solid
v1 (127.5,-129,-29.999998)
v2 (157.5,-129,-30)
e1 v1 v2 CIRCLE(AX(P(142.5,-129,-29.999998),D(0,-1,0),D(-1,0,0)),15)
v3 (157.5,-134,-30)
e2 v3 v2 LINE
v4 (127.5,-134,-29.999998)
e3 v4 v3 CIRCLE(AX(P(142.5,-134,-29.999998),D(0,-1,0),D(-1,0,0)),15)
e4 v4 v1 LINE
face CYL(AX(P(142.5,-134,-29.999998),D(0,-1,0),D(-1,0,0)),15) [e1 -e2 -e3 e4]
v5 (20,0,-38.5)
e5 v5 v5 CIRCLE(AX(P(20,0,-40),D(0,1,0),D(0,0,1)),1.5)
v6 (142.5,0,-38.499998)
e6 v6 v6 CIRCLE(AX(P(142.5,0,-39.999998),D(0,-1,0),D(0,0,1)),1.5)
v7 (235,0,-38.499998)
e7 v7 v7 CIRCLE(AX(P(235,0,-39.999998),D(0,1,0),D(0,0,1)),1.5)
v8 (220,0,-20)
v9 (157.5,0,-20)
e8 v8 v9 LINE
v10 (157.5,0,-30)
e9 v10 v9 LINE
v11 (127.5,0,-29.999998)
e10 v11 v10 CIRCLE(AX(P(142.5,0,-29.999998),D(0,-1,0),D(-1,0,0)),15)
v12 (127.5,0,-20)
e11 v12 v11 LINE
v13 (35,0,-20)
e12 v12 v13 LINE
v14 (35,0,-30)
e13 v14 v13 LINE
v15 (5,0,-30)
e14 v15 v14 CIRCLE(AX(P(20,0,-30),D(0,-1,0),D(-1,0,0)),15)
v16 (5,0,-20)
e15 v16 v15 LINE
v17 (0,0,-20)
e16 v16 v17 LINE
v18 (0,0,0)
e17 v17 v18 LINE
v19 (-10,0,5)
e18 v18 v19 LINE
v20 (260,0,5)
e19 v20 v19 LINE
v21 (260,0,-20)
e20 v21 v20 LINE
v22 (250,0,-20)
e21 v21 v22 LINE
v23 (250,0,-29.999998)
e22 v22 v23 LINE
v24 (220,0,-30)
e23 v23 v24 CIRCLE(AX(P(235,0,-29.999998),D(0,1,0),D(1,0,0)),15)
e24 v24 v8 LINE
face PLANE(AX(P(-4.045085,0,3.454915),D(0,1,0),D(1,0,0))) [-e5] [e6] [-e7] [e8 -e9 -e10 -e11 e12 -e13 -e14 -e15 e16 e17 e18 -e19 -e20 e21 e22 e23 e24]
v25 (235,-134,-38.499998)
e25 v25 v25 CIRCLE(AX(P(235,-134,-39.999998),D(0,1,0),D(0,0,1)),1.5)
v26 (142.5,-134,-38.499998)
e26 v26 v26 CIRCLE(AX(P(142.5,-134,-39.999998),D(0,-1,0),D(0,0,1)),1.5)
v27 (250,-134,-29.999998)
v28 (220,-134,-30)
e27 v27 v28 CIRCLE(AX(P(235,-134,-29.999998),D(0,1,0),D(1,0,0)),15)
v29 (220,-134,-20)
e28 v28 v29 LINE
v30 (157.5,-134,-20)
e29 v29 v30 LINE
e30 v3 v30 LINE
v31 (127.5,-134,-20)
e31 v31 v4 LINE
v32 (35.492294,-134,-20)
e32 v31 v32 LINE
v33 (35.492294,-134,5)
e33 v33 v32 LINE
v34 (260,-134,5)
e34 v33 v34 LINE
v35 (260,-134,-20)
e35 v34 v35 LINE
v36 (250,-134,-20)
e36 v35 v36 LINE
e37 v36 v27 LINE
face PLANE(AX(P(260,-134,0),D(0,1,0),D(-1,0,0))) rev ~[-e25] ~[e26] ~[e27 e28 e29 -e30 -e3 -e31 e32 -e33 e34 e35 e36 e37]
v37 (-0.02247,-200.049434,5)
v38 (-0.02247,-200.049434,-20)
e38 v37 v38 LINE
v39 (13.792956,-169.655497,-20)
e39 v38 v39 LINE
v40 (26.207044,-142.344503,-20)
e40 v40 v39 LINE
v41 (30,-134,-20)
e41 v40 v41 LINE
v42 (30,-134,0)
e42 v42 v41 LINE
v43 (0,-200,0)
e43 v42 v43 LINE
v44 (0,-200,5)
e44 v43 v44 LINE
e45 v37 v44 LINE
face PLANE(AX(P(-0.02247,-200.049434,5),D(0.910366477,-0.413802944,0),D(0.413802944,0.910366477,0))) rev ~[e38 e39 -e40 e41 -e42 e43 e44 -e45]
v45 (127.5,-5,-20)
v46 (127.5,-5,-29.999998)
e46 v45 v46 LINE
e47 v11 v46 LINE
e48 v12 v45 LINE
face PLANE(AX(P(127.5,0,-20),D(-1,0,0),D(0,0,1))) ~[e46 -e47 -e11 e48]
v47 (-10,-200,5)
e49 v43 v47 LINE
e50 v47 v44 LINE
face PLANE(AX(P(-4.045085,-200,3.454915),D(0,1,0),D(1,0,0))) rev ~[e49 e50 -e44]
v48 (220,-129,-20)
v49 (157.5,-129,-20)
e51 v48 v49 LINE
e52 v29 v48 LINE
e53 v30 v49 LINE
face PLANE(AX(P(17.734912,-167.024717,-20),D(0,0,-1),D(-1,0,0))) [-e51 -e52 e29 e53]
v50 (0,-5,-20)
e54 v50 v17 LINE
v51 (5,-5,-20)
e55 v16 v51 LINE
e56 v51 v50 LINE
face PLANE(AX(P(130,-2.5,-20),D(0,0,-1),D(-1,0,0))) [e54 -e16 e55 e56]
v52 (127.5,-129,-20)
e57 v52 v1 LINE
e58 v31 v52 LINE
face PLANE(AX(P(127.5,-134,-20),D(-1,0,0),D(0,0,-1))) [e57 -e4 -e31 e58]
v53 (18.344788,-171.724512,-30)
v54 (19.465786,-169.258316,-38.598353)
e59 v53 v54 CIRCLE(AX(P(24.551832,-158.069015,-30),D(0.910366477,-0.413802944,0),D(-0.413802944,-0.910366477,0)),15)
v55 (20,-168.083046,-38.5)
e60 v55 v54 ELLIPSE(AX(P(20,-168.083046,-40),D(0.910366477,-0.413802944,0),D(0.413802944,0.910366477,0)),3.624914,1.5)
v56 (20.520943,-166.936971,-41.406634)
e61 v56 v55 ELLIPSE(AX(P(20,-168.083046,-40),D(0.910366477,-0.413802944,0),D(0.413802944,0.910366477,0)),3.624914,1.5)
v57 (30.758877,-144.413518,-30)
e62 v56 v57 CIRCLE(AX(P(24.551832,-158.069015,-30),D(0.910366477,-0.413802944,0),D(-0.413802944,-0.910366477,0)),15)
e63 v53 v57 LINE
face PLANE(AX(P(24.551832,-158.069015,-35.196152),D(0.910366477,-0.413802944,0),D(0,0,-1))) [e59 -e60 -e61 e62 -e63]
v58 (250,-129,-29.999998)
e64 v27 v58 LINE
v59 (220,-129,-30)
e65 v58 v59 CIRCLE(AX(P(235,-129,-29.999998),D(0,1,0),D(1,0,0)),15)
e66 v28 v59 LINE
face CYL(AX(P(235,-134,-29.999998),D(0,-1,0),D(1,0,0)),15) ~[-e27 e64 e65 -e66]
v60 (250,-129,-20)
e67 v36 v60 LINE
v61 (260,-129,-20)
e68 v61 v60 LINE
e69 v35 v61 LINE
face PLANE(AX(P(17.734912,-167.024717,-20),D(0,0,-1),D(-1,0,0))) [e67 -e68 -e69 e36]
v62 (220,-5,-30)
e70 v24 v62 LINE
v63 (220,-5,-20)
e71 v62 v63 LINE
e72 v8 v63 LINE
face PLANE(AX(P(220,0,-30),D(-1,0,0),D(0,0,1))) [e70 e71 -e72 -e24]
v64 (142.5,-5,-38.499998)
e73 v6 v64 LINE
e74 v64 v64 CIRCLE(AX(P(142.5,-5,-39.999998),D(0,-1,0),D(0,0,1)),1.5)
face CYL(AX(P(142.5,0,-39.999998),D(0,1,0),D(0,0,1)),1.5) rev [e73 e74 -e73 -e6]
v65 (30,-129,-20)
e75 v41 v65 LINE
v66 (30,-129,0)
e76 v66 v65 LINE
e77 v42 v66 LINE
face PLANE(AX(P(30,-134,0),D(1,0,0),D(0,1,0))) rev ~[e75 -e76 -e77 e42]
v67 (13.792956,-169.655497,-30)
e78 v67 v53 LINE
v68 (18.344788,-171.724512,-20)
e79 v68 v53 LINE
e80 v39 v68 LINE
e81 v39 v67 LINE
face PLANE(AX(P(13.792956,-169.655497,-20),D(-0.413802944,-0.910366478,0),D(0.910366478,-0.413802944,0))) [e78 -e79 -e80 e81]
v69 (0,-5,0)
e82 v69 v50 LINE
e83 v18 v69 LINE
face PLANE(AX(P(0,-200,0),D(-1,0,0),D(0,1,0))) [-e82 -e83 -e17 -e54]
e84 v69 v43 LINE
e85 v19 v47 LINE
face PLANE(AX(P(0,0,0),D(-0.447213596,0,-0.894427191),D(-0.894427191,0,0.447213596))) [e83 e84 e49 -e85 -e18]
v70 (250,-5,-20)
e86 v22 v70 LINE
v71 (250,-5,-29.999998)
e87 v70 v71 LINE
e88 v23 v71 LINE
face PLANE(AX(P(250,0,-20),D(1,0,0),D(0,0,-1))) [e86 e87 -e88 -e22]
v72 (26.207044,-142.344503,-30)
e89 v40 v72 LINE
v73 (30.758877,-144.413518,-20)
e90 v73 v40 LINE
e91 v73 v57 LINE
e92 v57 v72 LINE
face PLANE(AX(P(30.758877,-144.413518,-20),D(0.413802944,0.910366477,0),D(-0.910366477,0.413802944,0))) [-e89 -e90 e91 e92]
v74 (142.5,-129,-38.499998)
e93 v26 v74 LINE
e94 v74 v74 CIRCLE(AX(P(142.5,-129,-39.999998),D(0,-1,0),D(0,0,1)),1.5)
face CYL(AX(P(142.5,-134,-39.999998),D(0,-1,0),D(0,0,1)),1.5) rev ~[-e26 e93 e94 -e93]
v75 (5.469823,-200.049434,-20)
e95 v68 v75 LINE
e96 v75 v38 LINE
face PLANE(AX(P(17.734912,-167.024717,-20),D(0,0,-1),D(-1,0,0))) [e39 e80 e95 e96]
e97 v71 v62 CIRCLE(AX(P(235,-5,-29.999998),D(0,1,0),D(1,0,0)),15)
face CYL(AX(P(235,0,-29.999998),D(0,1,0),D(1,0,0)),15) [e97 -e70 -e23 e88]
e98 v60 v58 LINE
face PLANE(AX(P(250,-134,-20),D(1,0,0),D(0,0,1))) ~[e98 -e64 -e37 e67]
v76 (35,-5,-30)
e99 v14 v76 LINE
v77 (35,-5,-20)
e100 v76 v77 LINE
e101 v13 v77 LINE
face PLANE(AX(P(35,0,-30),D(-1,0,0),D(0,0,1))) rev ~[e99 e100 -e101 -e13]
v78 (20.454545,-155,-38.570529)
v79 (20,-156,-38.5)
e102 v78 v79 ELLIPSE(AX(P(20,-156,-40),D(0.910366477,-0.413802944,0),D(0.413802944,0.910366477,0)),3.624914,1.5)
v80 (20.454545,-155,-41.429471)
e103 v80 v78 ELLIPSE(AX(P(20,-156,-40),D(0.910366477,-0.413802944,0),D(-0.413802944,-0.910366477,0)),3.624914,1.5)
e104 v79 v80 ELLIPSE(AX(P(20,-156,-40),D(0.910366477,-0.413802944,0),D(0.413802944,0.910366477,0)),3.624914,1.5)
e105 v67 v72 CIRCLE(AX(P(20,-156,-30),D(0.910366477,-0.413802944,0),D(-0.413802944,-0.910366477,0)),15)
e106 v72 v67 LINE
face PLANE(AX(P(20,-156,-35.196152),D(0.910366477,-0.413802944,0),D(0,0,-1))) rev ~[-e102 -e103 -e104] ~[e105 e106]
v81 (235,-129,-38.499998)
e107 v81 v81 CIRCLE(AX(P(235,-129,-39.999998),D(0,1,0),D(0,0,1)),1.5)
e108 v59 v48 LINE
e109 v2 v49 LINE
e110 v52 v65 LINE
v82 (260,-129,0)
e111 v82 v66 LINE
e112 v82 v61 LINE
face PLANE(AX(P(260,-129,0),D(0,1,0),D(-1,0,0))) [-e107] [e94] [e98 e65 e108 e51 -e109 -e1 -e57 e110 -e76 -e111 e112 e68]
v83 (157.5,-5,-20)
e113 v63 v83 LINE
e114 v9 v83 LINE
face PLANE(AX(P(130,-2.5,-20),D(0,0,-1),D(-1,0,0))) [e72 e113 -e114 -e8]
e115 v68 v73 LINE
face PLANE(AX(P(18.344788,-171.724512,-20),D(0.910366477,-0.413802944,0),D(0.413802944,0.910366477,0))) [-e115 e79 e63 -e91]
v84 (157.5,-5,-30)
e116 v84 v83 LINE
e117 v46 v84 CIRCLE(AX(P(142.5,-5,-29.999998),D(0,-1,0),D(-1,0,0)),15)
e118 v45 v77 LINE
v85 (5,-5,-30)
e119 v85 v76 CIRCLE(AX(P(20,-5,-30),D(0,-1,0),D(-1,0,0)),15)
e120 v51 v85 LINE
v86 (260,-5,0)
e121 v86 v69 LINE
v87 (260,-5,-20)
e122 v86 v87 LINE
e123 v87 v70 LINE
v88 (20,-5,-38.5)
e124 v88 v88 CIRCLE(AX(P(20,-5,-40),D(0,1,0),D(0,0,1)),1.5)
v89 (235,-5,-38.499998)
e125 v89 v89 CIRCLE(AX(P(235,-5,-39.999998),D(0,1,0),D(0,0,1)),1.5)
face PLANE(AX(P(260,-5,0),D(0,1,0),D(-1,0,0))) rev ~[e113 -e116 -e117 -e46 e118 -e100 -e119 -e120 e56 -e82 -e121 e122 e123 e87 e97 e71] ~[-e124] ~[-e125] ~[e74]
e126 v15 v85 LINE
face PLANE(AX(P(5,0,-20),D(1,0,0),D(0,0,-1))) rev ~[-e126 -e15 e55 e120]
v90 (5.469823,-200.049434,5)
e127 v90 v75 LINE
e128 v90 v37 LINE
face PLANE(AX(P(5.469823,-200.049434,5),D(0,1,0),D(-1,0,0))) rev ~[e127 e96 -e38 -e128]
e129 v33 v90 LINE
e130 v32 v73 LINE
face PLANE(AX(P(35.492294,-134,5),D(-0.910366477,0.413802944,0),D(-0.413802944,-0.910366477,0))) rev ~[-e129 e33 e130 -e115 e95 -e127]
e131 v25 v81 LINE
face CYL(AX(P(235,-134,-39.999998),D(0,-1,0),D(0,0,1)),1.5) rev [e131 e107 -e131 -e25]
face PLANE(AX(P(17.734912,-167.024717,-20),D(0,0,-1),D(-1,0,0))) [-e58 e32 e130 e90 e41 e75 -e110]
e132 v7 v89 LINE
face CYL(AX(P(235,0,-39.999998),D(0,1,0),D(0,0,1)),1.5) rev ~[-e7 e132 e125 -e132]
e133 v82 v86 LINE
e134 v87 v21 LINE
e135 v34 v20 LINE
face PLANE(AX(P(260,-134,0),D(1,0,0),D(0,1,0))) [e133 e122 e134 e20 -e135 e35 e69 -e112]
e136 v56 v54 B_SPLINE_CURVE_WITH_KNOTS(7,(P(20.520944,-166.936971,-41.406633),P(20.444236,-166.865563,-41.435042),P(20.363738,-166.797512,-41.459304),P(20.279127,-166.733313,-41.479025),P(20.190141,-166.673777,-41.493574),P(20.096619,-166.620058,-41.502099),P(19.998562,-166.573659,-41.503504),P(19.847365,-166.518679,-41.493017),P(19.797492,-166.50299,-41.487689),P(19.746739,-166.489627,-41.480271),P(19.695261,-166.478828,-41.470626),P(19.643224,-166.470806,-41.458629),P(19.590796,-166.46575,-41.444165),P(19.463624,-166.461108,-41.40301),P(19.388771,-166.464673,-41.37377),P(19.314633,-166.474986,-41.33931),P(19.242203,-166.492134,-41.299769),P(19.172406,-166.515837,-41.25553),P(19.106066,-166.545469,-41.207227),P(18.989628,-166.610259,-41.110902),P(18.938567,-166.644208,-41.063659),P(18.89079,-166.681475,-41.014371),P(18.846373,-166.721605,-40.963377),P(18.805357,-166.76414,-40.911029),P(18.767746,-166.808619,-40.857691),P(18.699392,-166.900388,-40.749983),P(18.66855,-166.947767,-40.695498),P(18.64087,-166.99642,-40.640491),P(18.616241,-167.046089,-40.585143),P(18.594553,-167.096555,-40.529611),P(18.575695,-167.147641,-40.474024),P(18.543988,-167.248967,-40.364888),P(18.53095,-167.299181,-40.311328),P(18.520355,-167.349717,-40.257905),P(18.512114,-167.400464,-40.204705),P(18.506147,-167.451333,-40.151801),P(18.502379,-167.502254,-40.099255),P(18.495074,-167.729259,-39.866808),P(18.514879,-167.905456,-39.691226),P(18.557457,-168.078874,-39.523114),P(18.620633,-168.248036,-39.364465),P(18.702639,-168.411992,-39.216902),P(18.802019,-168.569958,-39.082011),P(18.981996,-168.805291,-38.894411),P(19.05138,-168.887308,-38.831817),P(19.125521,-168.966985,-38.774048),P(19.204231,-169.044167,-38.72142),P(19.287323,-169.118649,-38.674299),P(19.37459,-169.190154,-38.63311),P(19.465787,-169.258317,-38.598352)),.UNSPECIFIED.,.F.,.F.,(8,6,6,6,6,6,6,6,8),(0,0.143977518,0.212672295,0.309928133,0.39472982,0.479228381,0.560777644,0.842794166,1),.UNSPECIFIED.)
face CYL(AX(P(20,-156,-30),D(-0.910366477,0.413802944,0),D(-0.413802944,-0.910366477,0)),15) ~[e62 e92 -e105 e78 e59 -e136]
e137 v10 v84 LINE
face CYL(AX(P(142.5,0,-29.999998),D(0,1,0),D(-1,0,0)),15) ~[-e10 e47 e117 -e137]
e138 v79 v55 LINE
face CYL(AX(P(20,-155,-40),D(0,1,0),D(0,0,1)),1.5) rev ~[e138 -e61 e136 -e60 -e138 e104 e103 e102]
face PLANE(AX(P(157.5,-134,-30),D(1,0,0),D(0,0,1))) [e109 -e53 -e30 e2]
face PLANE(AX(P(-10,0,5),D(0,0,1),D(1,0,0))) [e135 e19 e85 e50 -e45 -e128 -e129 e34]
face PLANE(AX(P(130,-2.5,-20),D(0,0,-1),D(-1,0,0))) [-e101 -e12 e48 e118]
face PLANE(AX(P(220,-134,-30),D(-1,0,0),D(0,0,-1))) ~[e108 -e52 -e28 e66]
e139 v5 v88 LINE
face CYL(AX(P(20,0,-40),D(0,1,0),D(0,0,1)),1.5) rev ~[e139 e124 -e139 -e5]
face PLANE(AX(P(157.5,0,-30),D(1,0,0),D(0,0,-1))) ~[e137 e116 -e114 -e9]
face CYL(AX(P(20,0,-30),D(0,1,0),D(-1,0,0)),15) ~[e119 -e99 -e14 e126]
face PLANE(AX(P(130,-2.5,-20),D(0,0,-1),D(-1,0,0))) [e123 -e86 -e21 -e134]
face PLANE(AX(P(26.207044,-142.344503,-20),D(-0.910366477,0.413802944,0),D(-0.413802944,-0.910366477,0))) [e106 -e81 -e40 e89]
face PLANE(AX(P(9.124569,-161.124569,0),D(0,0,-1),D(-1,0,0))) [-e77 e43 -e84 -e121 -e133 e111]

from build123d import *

# Parameters (mm, degrees)
SKETCH1_W                                  = 260
SKETCH1_H                                  = 134
BOSS_EXTRUDE1_DEPTH                        = 5
SKETCH2_W                                  = 260
SKETCH2_H                                  = 5
BOSS_EXTRUDE2_DEPTH                        = 20
SKETCH4_W                                  = 230
SKETCH4_H                                  = 5
BOSS_EXTRUDE3_DEPTH                        = 20
BOSS_EXTRUDE4_DEPTH                        = 5
SKETCH7_R                                  = 1.5
CUT_EXTRUDE1_DEPTH                         = 5
BOSS_EXTRUDE5_DEPTH                        = 5
BOSS_EXTRUDE9_DEPTH                        = 25
BOSS_EXTRUDE10_DEPTH                       = 200
BOSS_EXTRUDE11_DEPTH                       = 5
SKETCH14_R                                 = 1.5
CUT_EXTRUDE2_DEPTH                         = 5
BOSS_EXTRUDE12_DEPTH                       = 10
BOSS_EXTRUDE13_DEPTH                       = 5
SKETCH19_R                                 = 1.5
CUT_EXTRUDE4_DEPTH                         = 307.022874962
CUT_EXTRUDE4_DEPTH_BACK                    = 307.022874962
MIRROR4_AT_THE_SECOND_PLANE_COPY_1_DEPTH   = 5
MIRROR4_AT_THE_SECOND_PLANE_COPY_2_SKETC_R = 1.5
MIRROR4_AT_THE_SECOND_PLANE_COPY_2_DEPTH   = 5


with BuildPart() as part:
    # Sketch1 → Boss-Extrude1 (new body)
    with BuildSketch(Plane.XY):
        with Locations((130, -67)):
            Rectangle(SKETCH1_W, SKETCH1_H)
    extrude(amount=BOSS_EXTRUDE1_DEPTH)

    # Sketch2 → Boss-Extrude2 (add)
    with BuildSketch(Plane(origin=(0, 0, 0), x_dir=(-1, 0, 0), z_dir=(0, 0, -1))):
        with Locations((-130, -2.5)):
            Rectangle(SKETCH2_W, SKETCH2_H)
    extrude(amount=BOSS_EXTRUDE2_DEPTH)

    # Sketch4 → Boss-Extrude3 (add)
    with BuildSketch(Plane(origin=(0, 0, 0), x_dir=(-1, 0, 0), z_dir=(0, 0, -1))):
        with Locations((-145, -131.5)):
            Rectangle(SKETCH4_W, SKETCH4_H)
    extrude(amount=BOSS_EXTRUDE3_DEPTH)

    # Sketch6 → Boss-Extrude4 (add)
    with BuildSketch(Plane(origin=(0, 0, 0), x_dir=(1, 0, 0), z_dir=(0, 1, 0))):
        with BuildLine():
            Line((5, 20), (5, 30))
            ThreePointArc((5, 30), (20, 45), (35, 30))
            Line((35, 30), (35, 20))
            Line((35, 20), (5, 20))
        make_face()
    extrude(amount=-BOSS_EXTRUDE4_DEPTH)

    # Sketch7 → Cut-Extrude1 (cut)
    with BuildSketch(Plane(origin=(0, 0, 0), x_dir=(1, 0, 0), z_dir=(0, 1, 0))):
        with Locations(Location((20, 40, 0), (0, 0, 270))):
            Circle(SKETCH7_R)
    extrude(amount=-CUT_EXTRUDE1_DEPTH, mode=Mode.SUBTRACT)

    # Sketch8 → Boss-Extrude5 (add)
    with BuildSketch(Plane(origin=(0, 0, 0), x_dir=(-1, 0, 0), z_dir=(0, 0, -1))):
        Polygon((-30, -134), (0, -200), (0, -134), align=None)
    extrude(amount=-BOSS_EXTRUDE5_DEPTH)

    # Sketch10 → Boss-Extrude9 (add)
    with BuildSketch(Plane.XY.offset(5)):
        Polygon((30, -134), (35.492293624, -134), (5.469823482, -200.049434314), (-0.022470143, -200.049434314), align=None)
    extrude(amount=-BOSS_EXTRUDE9_DEPTH)

    # Sketch11 → Boss-Extrude10 (add)
    with BuildSketch(Plane(origin=(0, 0, 0), x_dir=(1, 0, 0), z_dir=(0, 1, 0))):
        Polygon((0, 0), (-10, -5), (0, -5), align=None)
    extrude(amount=-BOSS_EXTRUDE10_DEPTH)

    # Sketch13 → Boss-Extrude11 (add)
    with BuildSketch(Plane(origin=(0, 0, 0), x_dir=(1, 0, 0), z_dir=(0, 1, 0))):
        with BuildLine():
            Line((220, 30), (220, 20))
            Line((220, 20), (250, 20))
            Line((250, 20), (250, 29.999997567))
            ThreePointArc((250, 29.999997567), (235.000001217, 44.999997567), (220, 30))
        make_face()
    boss_extrude11 = extrude(amount=-BOSS_EXTRUDE11_DEPTH)

    # Sketch14 → Cut-Extrude2 (cut)
    with BuildSketch(Plane(origin=(0, 0, 0), x_dir=(1, 0, 0), z_dir=(0, 1, 0))):
        with Locations(Location((235, 39.999997567, 0), (0, 0, 270))):
            Circle(SKETCH14_R)
    cut_extrude2 = extrude(amount=-CUT_EXTRUDE2_DEPTH, mode=Mode.SUBTRACT)

    # Sketch15 → Boss-Extrude12 (add)
    with BuildSketch(Plane(origin=(0, 0, -20), x_dir=(-1, 0, 0), z_dir=(0, 0, -1))):
        Polygon((-30.758876552, -144.41351756), (-26.207044165, -142.344502838), (-13.792955835, -169.655497162), (-18.344788223, -171.724511883), align=None)
    extrude(amount=BOSS_EXTRUDE12_DEPTH)

    # Sketch17 → Boss-Extrude13 (add)
    with BuildSketch(Plane(origin=(75.342465753, -34.246575342, 0), x_dir=(0, 0, 1), z_dir=(-0.9103664774626048, 0.41380294430118403, 0))):
        with BuildLine():
            Line((-30, -118.741111598), (-30, -148.741111598))
            ThreePointArc((-30, -148.741111598), (-45, -133.741111598), (-30, -118.741111598))
        make_face()
    extrude(amount=-BOSS_EXTRUDE13_DEPTH)

    # Sketch19 → Cut-Extrude4 (cut, two sides)
    with BuildSketch(Plane(origin=(0, -155, 0), x_dir=(1, 0, 0), z_dir=(0, 1, 0))) as cut_extrude4_sk:
        with Locations(Location((20, 40, 0), (0, 0, 270))):
            Circle(SKETCH19_R)
    extrude(amount=CUT_EXTRUDE4_DEPTH, mode=Mode.SUBTRACT)
    extrude(cut_extrude4_sk.sketch, amount=-CUT_EXTRUDE4_DEPTH_BACK, mode=Mode.SUBTRACT)

    # Mirror4: Boss-Extrude11, Cut-Extrude2 across plane
    add(boss_extrude11.mirror(Plane.ZX.offset(-67)))
    add(cut_extrude2.mirror(Plane.ZX.offset(-67)), mode=Mode.SUBTRACT)

    # Mirror4 at the second plane: Boss-Extrude11, Cut-Extrude2 across plane
    add(boss_extrude11.mirror(Plane.ZY.offset(-188.75)))
    add(cut_extrude2.mirror(Plane.ZY.offset(-188.75)), mode=Mode.SUBTRACT)

    # Mirror4 at the second plane copy 1 sketc → Mirror4 at the second plane copy 1 (add)
    with BuildSketch(Plane(origin=(377.5, -134, 0), x_dir=(-1, 0, 0), z_dir=(0, -1, 0))):
        with BuildLine():
            Line((220, 30), (220, 20))
            Line((220, 20), (250, 20))
            Line((250, 20), (250, 29.999997567))
            ThreePointArc((250, 29.999997567), (235.000001217, 44.999997567), (220, 30))
        make_face()
    extrude(amount=-MIRROR4_AT_THE_SECOND_PLANE_COPY_1_DEPTH)

    # Mirror4 at the second plane copy 2 sketc → Mirror4 at the second plane copy 2 (cut)
    with BuildSketch(Plane(origin=(377.5, -134, 0), x_dir=(-1, 0, 0), z_dir=(0, -1, 0))):
        with Locations(Location((235, 39.999997567, 0), (0, 0, 270))):
            Circle(MIRROR4_AT_THE_SECOND_PLANE_COPY_2_SKETC_R)
    extrude(amount=-MIRROR4_AT_THE_SECOND_PLANE_COPY_2_DEPTH, mode=Mode.SUBTRACT)


solid = part.part
